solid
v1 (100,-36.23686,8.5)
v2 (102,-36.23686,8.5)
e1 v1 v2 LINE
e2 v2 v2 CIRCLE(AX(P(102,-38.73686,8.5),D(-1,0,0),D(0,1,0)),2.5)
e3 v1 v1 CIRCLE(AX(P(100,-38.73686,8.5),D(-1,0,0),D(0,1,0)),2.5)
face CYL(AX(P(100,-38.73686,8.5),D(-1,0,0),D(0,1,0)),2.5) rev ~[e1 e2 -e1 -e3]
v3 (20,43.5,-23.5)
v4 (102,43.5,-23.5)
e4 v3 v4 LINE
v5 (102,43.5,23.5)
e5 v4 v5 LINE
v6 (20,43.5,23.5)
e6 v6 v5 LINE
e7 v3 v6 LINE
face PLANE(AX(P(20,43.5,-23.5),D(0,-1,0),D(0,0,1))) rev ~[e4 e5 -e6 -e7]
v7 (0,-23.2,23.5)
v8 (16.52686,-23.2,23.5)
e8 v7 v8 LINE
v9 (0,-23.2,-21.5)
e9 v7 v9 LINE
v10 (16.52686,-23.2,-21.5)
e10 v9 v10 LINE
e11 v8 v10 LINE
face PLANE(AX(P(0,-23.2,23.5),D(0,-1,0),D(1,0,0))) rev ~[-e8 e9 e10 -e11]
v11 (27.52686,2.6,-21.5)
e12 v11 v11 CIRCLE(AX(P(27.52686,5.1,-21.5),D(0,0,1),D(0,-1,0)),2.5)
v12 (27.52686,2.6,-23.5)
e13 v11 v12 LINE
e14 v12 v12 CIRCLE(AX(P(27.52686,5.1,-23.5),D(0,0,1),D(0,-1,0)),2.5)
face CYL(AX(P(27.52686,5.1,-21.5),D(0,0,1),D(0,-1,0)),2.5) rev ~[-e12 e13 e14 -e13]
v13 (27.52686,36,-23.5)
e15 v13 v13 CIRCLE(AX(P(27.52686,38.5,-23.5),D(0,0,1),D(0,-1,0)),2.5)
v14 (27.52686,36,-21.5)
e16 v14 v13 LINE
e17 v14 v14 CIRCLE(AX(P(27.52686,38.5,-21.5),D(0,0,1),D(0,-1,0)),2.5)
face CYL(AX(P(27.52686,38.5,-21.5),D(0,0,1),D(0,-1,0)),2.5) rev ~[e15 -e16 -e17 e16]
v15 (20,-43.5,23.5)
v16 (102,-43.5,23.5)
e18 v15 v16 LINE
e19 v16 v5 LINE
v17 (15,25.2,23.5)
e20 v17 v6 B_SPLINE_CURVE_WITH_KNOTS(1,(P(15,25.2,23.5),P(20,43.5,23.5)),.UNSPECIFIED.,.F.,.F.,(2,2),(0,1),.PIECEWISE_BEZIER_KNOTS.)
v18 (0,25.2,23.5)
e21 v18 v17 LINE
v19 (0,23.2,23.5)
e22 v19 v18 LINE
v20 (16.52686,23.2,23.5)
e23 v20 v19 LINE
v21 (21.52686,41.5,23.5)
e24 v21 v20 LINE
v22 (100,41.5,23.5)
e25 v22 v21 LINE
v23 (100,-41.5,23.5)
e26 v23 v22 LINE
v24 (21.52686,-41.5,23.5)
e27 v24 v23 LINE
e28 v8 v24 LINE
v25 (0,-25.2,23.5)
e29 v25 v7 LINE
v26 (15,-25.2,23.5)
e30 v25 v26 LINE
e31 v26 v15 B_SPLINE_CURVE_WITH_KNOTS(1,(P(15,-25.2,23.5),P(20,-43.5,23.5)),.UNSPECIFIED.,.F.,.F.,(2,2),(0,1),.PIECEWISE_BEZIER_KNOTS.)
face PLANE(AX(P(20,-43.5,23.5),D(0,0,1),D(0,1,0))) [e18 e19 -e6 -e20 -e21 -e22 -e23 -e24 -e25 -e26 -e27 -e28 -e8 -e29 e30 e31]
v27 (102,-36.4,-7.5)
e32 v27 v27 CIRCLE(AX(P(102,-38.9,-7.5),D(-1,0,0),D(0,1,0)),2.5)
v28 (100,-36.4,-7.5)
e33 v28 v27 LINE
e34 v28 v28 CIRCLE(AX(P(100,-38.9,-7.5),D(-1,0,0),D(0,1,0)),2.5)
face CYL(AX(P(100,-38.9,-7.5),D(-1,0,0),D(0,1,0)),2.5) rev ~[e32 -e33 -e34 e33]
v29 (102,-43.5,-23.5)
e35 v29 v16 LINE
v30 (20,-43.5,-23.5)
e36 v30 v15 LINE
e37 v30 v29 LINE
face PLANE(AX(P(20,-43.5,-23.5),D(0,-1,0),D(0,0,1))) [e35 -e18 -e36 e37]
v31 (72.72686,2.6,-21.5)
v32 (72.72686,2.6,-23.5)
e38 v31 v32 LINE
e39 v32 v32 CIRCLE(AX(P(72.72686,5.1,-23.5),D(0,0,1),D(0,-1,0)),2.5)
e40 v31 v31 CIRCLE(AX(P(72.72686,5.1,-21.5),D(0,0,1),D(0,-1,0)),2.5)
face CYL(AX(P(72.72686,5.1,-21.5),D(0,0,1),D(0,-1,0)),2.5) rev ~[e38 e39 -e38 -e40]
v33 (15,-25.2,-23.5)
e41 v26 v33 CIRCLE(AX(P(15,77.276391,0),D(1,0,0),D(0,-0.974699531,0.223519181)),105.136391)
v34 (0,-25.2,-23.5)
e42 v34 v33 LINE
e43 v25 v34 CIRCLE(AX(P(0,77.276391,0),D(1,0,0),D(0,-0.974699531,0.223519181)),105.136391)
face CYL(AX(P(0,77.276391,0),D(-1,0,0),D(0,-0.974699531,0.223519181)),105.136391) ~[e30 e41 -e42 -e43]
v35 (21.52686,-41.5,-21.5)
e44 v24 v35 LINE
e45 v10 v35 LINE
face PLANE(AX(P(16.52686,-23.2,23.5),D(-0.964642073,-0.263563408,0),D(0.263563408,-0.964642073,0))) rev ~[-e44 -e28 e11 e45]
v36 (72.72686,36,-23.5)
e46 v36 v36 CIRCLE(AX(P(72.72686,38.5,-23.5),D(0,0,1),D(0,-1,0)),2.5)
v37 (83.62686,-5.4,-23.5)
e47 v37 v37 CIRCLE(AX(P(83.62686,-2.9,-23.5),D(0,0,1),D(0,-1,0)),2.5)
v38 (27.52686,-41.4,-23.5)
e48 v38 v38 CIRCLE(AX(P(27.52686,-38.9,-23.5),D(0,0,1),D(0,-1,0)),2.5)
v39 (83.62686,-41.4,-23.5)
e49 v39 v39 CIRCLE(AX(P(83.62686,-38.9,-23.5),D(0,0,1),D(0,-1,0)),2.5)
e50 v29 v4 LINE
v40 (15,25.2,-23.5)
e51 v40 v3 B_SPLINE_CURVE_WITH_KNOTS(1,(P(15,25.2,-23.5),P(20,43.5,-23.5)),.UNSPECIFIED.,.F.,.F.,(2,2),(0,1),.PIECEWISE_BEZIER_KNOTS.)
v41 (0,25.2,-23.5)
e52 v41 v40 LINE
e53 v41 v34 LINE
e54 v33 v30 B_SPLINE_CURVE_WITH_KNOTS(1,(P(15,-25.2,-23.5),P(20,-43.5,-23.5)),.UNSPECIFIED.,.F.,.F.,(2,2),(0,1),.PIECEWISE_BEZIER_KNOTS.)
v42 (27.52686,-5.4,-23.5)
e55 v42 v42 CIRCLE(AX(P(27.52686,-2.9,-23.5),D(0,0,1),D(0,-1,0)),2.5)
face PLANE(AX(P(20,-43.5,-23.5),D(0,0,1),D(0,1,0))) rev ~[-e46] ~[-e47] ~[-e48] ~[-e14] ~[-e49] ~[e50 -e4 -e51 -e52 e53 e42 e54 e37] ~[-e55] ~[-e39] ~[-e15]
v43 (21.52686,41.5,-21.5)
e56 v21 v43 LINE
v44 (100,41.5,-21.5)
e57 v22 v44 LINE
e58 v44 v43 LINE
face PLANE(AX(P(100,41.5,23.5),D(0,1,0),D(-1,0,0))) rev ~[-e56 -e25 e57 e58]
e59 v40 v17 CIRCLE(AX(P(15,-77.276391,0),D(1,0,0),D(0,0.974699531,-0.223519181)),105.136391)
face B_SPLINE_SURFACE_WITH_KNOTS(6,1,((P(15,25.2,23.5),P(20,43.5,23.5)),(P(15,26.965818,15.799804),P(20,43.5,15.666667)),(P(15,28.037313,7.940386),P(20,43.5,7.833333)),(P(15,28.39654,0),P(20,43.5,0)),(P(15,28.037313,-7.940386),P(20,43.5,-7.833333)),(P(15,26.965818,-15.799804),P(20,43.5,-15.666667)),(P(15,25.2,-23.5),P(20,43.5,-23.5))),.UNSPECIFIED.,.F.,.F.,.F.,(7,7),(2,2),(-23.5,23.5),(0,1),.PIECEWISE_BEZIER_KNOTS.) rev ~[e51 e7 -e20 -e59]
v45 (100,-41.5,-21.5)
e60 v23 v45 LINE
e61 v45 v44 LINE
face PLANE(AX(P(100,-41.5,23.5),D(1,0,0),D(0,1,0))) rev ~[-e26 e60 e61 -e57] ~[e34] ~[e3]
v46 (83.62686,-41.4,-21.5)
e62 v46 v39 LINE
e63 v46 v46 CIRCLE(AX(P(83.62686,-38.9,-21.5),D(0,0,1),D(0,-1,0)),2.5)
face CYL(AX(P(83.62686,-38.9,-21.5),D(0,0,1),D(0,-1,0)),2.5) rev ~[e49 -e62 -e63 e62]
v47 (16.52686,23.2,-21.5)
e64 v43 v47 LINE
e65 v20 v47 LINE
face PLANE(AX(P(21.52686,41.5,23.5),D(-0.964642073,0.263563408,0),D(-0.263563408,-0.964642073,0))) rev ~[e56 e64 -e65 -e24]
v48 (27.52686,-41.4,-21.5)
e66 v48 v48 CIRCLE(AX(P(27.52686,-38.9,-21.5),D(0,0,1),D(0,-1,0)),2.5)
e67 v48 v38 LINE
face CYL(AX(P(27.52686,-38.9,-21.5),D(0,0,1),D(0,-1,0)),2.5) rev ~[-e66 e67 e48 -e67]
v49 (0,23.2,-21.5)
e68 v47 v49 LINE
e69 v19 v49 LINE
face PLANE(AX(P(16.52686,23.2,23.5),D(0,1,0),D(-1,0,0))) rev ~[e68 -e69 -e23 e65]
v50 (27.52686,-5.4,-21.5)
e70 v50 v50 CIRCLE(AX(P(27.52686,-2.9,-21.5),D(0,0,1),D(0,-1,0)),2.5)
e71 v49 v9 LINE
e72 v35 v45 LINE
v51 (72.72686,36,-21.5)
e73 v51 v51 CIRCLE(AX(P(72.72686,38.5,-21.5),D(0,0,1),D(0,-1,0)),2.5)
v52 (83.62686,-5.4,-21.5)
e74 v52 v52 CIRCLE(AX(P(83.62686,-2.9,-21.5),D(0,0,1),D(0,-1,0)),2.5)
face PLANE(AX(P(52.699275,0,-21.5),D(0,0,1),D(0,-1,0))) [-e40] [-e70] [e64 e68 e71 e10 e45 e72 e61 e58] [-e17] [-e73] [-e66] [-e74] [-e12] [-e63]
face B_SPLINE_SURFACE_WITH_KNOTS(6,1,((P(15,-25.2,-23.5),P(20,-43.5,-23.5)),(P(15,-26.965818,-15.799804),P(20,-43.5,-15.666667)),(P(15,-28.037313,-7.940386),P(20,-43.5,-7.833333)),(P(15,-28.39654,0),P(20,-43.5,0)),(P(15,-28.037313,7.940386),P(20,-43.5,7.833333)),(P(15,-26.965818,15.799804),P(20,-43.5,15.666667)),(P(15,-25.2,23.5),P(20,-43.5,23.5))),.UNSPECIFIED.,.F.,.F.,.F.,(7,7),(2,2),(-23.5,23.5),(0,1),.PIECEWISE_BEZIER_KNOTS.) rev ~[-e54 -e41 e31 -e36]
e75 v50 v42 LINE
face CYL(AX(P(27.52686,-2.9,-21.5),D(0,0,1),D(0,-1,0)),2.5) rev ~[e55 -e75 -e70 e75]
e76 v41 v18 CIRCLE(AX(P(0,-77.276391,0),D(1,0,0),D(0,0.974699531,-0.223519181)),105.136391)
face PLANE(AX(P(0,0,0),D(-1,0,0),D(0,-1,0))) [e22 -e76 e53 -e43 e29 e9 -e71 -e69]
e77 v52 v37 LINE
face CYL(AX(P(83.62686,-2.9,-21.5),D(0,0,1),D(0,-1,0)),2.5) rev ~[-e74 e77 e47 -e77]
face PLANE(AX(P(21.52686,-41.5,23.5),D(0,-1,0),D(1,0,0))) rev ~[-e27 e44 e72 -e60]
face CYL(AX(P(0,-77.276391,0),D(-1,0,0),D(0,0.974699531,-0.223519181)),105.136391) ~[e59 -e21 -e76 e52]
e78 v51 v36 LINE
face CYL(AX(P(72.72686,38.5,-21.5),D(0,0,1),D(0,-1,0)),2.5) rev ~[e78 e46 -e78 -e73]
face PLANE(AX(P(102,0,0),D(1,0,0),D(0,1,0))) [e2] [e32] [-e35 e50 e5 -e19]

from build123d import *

# Parameters (mm, degrees)
PAD_DEPTH       = 15
SKETCH001_W     = 87
SKETCH001_H     = 47
SKETCH003_W     = 87
SKETCH003_H     = 47
PAD001_DEPTH    = 82
POCKET_DEPTH    = 45
SKETCH009_R     = 2.5
POCKET001_DEPTH = 5
SKETCH010_R     = 2.5
POCKET002_DEPTH = 5


with BuildPart() as part:
    # Sketch → Pad (new body)
    with BuildSketch(Plane.YZ):
        with BuildLine():
            Line((-25.2, 23.5), (25.2, 23.5))
            ThreePointArc((25.2, -23.5), (27.86, 0), (25.2, 23.5))
            Line((25.2, -23.5), (-25.2, -23.5))
            ThreePointArc((-25.2, 23.5), (-27.86, 0), (-25.2, -23.5))
        make_face()
    extrude(amount=PAD_DEPTH)

    # Sketch002 (on Face6 of Pad) → AdditiveLoft section 0
    with BuildSketch(Plane.YZ.offset(15)):
        with BuildLine():
            Line((-25.2, 23.5), (25.2, 23.5))
            ThreePointArc((25.2, -23.5), (27.86, 0), (25.2, 23.5))
            Line((-25.2, -23.5), (25.2, -23.5))
            ThreePointArc((-25.2, 23.5), (-27.86, 0), (-25.2, -23.5))
        make_face()
    # Sketch001 → AdditiveLoft section 1
    with BuildSketch(Plane.YZ.offset(20)):
        Rectangle(SKETCH001_W, SKETCH001_H)
    loft()

    # Sketch003 (on Face10 of AdditiveLoft) → Pad001 (join)
    with BuildSketch(Plane.YZ.offset(20)):
        Rectangle(SKETCH003_W, SKETCH003_H)
    extrude(amount=PAD001_DEPTH)

    # Sketch008 (on Face10 of Pad001) → Pocket (cut)
    with BuildSketch(Plane(origin=(0, 0, 23.5), x_dir=(0, -1, 0), z_dir=(0, 0, 1))):
        Polygon((-41.5, 100), (-41.5, 21.52686), (-23.2, 16.52686), (-23.2, 0), (23.2, 0), (23.2, 16.52686), (41.5, 21.52686), (41.5, 100), align=None)
    extrude(amount=-POCKET_DEPTH, mode=Mode.SUBTRACT)

    # Sketch009 (on Face7 of Pocket) → Pocket001 (cut)
    with BuildSketch(Plane(origin=(0, 0, -21.5), x_dir=(0, -1, 0), z_dir=(0, 0, 1))):
        with Locations((-38.5, 27.52686)):
            Circle(SKETCH009_R)
        with Locations((-5.1, 27.52686)):
            Circle(SKETCH009_R)
        with Locations((-38.5, 72.72686)):
            Circle(SKETCH009_R)
        with Locations((-5.1, 72.72686)):
            Circle(SKETCH009_R)
        with Locations((2.9, 27.52686)):
            Circle(SKETCH009_R)
        with Locations((38.9, 27.52686)):
            Circle(SKETCH009_R)
        with Locations((2.9, 83.62686)):
            Circle(SKETCH009_R)
        with Locations((38.9, 83.62686)):
            Circle(SKETCH009_R)
    extrude(amount=-POCKET001_DEPTH, mode=Mode.SUBTRACT)

    # Sketch010 (on Face17 of Pocket001) → Pocket002 (cut)
    with BuildSketch(Plane(origin=(100, 0, 0), x_dir=(0, 1, 0), z_dir=(-1, 0, 0))):
        with Locations((-38.9, 7.5)):
            Circle(SKETCH010_R)
        with Locations((-38.73686, -8.5)):
            Circle(SKETCH010_R)
    extrude(amount=-POCKET002_DEPTH, mode=Mode.SUBTRACT)


solid = part.part
